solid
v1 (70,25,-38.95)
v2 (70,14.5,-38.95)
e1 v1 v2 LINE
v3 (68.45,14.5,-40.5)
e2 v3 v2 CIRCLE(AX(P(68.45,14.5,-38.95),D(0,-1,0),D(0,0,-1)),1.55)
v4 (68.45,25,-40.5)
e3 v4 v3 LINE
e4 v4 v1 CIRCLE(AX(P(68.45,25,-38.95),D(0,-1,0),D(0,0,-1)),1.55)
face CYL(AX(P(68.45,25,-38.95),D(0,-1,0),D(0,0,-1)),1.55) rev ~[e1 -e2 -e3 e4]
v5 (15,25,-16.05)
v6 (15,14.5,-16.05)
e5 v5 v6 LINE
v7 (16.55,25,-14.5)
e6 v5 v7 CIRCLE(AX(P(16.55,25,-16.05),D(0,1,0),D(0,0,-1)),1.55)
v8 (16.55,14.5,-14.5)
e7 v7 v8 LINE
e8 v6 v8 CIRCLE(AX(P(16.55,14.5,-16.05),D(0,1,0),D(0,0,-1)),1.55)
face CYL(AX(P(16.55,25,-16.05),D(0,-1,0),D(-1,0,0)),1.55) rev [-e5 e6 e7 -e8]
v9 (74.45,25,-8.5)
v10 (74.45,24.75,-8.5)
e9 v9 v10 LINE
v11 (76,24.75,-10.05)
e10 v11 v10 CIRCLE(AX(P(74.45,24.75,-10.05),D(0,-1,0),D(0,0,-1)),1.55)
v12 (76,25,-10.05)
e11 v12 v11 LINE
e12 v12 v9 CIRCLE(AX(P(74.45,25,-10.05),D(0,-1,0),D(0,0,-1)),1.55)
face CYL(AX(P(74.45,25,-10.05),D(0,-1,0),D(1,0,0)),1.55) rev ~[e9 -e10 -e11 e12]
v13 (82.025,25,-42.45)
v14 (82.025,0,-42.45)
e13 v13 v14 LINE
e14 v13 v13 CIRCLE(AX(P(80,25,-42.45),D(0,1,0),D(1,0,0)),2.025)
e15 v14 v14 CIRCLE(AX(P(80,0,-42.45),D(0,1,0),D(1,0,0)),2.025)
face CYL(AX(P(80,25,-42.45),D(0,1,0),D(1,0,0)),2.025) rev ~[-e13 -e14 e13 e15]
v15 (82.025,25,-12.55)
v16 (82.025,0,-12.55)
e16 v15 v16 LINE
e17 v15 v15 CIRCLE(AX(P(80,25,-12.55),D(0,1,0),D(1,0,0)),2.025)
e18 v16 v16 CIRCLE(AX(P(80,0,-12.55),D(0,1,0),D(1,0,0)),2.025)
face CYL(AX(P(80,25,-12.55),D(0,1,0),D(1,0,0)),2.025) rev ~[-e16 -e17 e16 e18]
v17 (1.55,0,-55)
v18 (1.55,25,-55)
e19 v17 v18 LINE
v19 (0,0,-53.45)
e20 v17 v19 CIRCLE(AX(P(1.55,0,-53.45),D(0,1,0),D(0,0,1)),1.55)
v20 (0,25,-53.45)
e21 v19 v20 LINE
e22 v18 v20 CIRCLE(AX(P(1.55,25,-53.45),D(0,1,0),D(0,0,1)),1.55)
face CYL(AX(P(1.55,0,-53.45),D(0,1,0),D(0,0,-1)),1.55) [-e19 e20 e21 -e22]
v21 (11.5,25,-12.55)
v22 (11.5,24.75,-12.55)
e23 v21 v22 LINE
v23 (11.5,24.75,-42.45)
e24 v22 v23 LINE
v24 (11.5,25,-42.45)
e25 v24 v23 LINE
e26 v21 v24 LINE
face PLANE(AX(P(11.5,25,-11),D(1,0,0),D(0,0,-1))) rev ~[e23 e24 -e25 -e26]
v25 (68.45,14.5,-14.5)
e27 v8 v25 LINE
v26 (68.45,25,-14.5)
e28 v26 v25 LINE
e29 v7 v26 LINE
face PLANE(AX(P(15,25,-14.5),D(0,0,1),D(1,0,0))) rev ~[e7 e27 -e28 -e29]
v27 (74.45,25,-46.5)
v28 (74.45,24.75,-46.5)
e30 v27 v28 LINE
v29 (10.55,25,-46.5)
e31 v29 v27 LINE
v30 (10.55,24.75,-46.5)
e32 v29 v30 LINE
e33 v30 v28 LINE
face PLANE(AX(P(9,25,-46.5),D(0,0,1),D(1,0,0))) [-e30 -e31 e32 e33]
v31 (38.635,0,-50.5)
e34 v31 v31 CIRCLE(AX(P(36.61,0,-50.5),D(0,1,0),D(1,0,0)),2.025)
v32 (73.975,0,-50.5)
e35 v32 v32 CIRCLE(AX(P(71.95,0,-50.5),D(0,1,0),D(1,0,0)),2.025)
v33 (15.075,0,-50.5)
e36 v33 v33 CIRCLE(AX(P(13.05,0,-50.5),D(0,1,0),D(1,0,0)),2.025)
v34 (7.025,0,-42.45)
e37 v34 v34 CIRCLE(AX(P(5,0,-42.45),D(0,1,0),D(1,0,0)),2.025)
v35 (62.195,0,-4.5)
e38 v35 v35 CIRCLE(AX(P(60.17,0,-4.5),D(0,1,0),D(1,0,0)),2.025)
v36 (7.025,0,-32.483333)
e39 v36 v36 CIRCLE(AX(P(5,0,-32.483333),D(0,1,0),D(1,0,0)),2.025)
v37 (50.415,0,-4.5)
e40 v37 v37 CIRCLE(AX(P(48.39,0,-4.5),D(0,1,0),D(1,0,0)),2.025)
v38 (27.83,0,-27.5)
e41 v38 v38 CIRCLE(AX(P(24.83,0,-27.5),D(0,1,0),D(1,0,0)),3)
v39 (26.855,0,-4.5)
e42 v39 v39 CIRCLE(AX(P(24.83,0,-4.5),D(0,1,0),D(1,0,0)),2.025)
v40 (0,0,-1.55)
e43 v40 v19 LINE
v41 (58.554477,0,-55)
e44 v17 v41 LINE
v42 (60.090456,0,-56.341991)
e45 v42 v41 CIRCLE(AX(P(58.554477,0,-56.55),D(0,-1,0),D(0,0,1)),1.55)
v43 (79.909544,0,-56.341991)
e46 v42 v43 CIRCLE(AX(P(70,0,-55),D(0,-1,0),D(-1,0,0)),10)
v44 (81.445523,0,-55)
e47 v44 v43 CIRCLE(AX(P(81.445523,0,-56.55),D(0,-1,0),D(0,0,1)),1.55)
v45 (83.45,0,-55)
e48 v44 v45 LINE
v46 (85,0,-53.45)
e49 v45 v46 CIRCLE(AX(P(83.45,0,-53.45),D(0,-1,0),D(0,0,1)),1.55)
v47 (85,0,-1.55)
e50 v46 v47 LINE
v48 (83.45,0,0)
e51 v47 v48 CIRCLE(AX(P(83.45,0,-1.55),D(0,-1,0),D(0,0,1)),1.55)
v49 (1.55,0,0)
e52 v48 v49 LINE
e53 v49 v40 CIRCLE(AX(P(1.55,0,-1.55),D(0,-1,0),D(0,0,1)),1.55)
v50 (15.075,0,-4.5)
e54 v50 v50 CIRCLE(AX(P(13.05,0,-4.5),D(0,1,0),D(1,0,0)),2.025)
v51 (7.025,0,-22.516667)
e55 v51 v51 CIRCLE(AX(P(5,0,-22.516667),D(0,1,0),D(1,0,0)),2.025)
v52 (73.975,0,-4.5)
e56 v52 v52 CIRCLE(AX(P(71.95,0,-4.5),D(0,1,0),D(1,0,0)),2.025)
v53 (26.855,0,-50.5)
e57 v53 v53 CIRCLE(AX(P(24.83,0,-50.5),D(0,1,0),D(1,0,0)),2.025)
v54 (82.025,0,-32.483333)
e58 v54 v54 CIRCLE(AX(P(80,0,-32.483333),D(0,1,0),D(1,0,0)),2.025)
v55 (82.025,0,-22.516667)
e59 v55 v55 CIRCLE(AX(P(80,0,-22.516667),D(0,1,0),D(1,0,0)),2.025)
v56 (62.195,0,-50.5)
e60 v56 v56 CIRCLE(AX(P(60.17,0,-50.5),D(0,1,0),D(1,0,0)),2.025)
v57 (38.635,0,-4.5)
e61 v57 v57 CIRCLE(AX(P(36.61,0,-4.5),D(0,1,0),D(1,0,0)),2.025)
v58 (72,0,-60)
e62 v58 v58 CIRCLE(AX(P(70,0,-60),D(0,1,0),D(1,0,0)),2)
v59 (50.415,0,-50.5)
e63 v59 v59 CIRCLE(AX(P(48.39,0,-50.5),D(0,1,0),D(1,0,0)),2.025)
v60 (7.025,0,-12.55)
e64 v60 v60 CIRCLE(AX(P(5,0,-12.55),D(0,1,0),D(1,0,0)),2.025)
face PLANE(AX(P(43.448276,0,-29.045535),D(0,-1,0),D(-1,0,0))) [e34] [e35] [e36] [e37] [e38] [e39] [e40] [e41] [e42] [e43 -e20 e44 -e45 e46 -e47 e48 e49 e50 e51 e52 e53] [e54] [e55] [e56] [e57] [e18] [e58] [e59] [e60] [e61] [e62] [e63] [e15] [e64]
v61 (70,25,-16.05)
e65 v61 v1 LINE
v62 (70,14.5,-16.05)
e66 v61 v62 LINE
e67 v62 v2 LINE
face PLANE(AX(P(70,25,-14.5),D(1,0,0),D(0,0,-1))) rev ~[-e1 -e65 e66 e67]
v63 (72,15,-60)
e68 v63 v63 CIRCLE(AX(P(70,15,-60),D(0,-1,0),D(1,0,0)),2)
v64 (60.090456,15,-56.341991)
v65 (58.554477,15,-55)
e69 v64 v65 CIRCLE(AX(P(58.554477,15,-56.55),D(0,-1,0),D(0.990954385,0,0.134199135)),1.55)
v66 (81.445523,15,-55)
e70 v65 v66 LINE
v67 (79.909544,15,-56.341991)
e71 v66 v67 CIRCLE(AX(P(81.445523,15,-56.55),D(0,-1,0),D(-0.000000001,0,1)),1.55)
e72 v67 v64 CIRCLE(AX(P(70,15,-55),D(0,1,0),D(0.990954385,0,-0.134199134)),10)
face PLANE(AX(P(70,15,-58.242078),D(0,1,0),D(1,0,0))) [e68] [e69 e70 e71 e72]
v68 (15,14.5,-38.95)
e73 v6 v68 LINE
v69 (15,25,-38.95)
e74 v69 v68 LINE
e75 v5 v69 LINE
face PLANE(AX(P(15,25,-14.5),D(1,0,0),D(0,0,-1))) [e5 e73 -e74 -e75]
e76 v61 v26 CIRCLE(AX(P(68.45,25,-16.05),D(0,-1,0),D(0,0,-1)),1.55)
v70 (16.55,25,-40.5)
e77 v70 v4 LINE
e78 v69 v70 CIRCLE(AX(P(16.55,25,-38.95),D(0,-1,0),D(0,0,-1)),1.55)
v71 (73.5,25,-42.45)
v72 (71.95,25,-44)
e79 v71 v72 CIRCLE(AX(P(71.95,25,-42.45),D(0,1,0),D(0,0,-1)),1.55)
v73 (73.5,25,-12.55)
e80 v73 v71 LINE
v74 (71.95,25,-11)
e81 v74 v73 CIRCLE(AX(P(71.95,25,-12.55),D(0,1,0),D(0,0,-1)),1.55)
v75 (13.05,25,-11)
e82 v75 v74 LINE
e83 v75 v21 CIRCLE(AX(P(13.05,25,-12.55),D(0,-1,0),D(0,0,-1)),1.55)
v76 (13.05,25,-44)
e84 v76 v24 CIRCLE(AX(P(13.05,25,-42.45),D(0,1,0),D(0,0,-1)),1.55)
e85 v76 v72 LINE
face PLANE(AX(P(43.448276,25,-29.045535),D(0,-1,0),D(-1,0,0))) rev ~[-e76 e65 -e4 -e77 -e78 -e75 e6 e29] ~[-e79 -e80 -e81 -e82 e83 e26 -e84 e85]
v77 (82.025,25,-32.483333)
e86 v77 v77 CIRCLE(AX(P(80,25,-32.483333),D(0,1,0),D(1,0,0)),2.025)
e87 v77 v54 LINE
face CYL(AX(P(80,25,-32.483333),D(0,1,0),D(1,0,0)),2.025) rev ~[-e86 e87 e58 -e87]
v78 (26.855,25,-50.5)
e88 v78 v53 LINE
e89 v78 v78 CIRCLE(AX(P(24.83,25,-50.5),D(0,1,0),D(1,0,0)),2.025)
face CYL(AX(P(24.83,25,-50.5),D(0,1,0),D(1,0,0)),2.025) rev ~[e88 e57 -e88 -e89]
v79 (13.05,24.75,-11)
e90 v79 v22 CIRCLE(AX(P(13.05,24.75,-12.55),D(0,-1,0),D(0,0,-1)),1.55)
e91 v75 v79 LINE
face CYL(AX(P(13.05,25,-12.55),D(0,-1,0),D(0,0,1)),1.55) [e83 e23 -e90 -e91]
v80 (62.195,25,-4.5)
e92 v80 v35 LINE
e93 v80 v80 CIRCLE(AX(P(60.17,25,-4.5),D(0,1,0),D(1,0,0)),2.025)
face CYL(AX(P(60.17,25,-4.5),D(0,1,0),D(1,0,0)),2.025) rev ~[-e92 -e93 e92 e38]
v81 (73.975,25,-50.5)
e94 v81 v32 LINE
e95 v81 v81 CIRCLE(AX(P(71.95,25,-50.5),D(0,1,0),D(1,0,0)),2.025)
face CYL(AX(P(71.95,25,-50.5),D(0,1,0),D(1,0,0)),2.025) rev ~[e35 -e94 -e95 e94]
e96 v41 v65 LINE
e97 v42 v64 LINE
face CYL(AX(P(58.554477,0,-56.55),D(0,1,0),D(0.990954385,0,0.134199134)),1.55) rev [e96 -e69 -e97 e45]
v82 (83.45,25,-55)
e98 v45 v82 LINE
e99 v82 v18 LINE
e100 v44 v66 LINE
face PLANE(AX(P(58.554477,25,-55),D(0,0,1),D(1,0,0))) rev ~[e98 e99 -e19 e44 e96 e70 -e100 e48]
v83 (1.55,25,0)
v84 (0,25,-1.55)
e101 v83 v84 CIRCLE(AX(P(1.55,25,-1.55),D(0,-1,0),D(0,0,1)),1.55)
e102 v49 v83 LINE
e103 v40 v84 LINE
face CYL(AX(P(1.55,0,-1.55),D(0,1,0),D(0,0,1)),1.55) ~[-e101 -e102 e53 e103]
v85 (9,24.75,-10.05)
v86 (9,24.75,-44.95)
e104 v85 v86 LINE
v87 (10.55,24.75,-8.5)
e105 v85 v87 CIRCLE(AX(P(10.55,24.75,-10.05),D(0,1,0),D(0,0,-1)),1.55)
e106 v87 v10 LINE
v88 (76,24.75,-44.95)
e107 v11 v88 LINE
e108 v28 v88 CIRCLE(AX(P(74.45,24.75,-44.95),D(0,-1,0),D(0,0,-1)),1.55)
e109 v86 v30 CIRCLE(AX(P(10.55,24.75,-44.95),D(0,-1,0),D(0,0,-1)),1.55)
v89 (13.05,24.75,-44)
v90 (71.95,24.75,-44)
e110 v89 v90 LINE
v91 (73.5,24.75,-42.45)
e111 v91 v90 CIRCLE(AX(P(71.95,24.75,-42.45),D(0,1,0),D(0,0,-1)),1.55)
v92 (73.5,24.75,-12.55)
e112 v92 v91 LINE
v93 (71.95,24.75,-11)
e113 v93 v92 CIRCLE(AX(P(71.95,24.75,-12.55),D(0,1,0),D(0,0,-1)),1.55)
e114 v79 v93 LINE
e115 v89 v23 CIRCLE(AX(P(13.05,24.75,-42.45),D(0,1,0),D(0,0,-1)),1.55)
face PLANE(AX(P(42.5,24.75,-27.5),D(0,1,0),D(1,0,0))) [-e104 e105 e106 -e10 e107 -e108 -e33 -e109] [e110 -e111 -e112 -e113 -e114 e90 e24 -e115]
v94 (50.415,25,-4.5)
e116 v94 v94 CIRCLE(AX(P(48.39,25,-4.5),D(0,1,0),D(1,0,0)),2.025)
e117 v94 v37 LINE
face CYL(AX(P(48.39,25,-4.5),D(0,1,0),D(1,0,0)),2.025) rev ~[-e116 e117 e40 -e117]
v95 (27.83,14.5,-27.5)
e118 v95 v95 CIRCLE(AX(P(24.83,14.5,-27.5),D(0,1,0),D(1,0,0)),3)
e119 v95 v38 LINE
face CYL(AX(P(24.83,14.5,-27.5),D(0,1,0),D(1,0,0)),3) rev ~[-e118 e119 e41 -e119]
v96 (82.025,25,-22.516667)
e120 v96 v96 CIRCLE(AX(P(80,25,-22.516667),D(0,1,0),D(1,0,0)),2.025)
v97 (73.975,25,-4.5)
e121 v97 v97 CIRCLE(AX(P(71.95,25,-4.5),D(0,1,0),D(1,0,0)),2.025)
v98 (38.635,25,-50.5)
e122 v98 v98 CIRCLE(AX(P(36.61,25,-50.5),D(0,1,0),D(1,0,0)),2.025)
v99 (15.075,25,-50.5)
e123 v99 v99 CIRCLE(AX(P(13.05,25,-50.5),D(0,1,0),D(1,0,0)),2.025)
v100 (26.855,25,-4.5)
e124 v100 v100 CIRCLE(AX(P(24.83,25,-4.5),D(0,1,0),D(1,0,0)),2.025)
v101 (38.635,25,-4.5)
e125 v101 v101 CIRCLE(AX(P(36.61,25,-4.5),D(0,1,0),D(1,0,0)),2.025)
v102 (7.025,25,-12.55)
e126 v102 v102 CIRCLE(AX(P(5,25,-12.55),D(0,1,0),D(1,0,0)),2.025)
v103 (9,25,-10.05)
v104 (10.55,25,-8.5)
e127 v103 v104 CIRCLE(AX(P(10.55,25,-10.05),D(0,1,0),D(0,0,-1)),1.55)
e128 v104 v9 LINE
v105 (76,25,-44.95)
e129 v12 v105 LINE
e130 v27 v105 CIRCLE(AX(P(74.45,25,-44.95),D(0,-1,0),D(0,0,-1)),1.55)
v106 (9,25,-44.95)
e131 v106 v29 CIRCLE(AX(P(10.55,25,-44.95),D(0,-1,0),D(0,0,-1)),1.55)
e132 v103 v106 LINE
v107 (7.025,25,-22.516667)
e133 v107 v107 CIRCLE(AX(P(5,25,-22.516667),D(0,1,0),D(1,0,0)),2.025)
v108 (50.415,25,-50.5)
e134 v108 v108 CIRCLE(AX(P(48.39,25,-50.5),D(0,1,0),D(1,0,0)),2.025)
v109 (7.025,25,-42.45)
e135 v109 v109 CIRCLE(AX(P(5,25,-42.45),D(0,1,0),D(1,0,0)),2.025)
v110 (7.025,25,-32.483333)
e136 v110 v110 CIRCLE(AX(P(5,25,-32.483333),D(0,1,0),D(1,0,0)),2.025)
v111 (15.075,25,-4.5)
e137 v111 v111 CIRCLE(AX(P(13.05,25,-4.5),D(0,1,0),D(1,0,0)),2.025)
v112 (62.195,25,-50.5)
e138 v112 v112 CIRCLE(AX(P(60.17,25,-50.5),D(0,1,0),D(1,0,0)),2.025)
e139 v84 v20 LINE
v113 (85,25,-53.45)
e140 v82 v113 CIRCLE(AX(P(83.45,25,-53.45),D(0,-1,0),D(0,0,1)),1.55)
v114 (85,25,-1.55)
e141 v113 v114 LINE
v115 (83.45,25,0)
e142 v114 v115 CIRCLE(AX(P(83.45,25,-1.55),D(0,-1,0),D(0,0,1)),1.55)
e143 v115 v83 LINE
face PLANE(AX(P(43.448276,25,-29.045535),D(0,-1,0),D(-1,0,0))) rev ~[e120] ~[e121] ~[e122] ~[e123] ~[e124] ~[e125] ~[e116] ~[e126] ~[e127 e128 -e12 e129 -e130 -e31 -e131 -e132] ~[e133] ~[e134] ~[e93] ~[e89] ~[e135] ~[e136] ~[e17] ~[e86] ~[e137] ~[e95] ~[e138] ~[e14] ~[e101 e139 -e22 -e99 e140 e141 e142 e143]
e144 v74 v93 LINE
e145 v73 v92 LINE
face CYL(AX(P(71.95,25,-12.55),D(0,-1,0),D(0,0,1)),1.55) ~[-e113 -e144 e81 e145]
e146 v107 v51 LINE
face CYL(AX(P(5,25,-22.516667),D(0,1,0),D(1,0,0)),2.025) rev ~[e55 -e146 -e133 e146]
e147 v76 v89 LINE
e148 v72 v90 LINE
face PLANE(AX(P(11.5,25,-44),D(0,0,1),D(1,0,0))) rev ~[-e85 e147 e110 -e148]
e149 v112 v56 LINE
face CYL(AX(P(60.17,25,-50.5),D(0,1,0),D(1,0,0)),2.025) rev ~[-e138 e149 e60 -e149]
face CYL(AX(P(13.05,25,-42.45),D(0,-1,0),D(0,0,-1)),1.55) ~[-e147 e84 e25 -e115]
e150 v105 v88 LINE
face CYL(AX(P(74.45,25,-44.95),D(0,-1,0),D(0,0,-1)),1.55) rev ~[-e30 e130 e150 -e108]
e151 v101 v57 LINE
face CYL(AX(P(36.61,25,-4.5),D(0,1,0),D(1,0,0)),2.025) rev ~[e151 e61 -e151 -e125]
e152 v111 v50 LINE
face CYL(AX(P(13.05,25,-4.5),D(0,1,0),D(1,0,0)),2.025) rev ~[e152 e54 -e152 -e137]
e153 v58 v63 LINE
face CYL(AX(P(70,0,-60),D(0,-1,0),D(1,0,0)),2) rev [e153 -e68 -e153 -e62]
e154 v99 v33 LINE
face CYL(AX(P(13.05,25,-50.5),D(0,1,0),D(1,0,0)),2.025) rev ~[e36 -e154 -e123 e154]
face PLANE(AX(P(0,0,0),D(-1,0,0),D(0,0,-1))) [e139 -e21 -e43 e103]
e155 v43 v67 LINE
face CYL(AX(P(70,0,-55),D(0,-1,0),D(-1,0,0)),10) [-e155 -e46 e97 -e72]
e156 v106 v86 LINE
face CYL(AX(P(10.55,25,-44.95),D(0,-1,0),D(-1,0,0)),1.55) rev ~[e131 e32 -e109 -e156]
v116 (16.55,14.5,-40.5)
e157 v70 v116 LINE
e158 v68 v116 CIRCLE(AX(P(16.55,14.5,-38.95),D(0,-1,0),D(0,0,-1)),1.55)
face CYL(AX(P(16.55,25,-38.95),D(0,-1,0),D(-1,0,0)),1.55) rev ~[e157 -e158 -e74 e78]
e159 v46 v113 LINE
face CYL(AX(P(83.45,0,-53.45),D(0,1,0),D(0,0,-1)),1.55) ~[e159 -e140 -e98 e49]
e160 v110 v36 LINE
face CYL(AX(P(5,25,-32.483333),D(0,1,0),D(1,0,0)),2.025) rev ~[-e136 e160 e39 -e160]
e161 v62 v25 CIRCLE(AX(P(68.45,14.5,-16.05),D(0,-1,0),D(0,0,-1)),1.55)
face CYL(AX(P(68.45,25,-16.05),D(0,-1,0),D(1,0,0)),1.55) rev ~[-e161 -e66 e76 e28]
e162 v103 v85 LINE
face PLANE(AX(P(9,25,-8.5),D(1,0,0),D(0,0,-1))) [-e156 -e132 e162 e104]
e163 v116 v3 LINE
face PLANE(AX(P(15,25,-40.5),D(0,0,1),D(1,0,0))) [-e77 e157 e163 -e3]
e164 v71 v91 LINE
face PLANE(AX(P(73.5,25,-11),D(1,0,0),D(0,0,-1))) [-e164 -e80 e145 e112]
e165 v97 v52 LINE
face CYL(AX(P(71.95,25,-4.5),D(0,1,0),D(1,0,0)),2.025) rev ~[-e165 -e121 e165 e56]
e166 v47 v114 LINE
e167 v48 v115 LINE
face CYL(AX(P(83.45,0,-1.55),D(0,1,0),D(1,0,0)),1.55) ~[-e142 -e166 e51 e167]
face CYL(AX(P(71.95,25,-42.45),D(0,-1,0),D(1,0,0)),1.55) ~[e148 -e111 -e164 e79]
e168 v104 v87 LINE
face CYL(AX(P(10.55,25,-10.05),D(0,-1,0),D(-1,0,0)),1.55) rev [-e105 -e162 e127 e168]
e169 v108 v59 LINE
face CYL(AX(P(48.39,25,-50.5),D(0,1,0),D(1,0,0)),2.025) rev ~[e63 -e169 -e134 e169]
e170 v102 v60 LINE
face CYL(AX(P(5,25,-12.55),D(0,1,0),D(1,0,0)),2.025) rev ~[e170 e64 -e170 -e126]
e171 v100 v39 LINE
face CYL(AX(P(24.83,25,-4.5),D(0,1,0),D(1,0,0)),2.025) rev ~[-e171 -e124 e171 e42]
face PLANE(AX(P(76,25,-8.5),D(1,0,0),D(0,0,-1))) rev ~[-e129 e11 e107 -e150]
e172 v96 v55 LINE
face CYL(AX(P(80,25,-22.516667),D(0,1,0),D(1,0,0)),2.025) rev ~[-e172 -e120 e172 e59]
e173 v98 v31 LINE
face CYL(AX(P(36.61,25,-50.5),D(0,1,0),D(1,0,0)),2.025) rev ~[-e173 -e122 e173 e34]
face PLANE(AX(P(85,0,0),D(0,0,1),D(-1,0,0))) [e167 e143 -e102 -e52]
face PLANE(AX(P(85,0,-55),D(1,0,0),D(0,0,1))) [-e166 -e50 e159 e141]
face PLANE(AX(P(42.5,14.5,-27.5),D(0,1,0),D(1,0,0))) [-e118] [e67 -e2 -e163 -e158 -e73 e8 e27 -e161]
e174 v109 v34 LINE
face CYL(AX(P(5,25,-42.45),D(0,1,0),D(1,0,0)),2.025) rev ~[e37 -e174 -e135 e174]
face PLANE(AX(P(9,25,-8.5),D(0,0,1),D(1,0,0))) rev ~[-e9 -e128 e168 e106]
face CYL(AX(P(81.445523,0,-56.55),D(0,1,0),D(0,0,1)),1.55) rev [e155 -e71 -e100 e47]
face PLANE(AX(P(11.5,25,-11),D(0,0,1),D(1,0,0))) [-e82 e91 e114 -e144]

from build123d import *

# Parameters (mm, degrees)
SKETCH1_R           = 2
BOSS_EXTRUDE1_DEPTH = 25
SKETCH2_W           = 55
SKETCH2_H           = 26
CUT_EXTRUDE1_DEPTH  = 10.5
FILLET1_R           = 1.55
SKETCH3_W           = 67
SKETCH3_H           = 38
SKETCH3_W_2         = 62
SKETCH3_H_2         = 33
CUT_EXTRUDE2_DEPTH  = 0.25
FILLET2_R           = 1.55
SKETCH5_R           = 2.025
CUT_EXTRUDE4_DEPTH  = 26
SKETCH6_R           = 3
CUT_EXTRUDE5_DEPTH  = 15.5
CUT_EXTRUDE6_DEPTH  = 10


with BuildPart() as part:
    # Sketch1 → Boss-Extrude1 (new body)
    with BuildSketch(Plane(origin=(0, 0, 0), x_dir=(1, 0, 0), z_dir=(0, 1, 0))):
        with BuildLine():
            Line((80, 55), (85, 55))
            Line((85, 55), (85, 0))
            Line((85, 0), (0, 0))
            Line((0, 0), (0, 55))
            Line((0, 55), (60, 55))
            ThreePointArc((60, 55), (70, 65), (80, 55))
        make_face()
        with Locations((70, 60)):
            Circle(SKETCH1_R, mode=Mode.SUBTRACT)
    extrude(amount=BOSS_EXTRUDE1_DEPTH)

    # Sketch2 → Cut-Extrude1 (cut)
    with BuildSketch(Plane(origin=(0, 25, 0), x_dir=(1, 0, 0), z_dir=(0, 1, 0))):
        with Locations((42.5, 27.5)):
            Rectangle(SKETCH2_W, SKETCH2_H)
    extrude(amount=-CUT_EXTRUDE1_DEPTH, mode=Mode.SUBTRACT)

    # Fillet1
    fillet1_edges = [part.edges().sort_by_distance(p)[0] for p in [
        (0, 12.5, -55),
        (60, 12.5, -55),
        (80, 12.5, -55),
        (85, 12.5, -55),
        (85, 12.5, 0),
        (0, 12.5, 0),
        (15, 19.75, -14.5),
        (15, 19.75, -40.5),
        (70, 19.75, -40.5),
        (70, 19.75, -14.5),
    ]]
    fillet(fillet1_edges, radius=FILLET1_R)

    # Sketch3 → Cut-Extrude2 (cut)
    with BuildSketch(Plane(origin=(0, 25, 0), x_dir=(1, 0, 0), z_dir=(0, 1, 0))):
        with Locations((42.5, 27.5)):
            Rectangle(SKETCH3_W, SKETCH3_H)
        with Locations((42.5, 27.5)):
            Rectangle(SKETCH3_W_2, SKETCH3_H_2, mode=Mode.SUBTRACT)
    extrude(amount=-CUT_EXTRUDE2_DEPTH, mode=Mode.SUBTRACT)

    # Fillet2
    fillet2_edges = [part.edges().sort_by_distance(p)[0] for p in [
        (9, 24.875, -8.5),
        (9, 24.875, -46.5),
        (76, 24.875, -46.5),
        (76, 24.875, -8.5),
        (11.5, 24.875, -44),
        (73.5, 24.875, -44),
        (73.5, 24.875, -11),
        (11.5, 24.875, -11),
    ]]
    fillet(fillet2_edges, radius=FILLET2_R)

    # Sketch5 → Cut-Extrude4 (cut, through all)
    with BuildSketch(Plane(origin=(0, 25, 0), x_dir=(1, 0, 0), z_dir=(0, 1, 0))):
        with Locations((5, 42.45)):
            Circle(SKETCH5_R)
        with Locations((5, 12.55)):
            Circle(SKETCH5_R)
        with Locations((13.05, 4.5)):
            Circle(SKETCH5_R)
        with Locations((71.95, 4.5)):
            Circle(SKETCH5_R)
        with Locations((24.83, 4.5)):
            Circle(SKETCH5_R)
        with Locations((36.61, 4.5)):
            Circle(SKETCH5_R)
        with Locations((48.39, 4.5)):
            Circle(SKETCH5_R)
        with Locations((60.17, 4.5)):
            Circle(SKETCH5_R)
        with Locations((5, 32.483333333)):
            Circle(SKETCH5_R)
        with Locations((5, 22.516666667)):
            Circle(SKETCH5_R)
        with Locations((80, 42.45)):
            Circle(SKETCH5_R)
        with Locations((80, 12.55)):
            Circle(SKETCH5_R)
        with Locations((80, 22.516666667)):
            Circle(SKETCH5_R)
        with Locations((80, 32.483333333)):
            Circle(SKETCH5_R)
        with Locations((13.05, 50.5)):
            Circle(SKETCH5_R)
        with Locations((24.83, 50.5)):
            Circle(SKETCH5_R)
        with Locations((36.61, 50.5)):
            Circle(SKETCH5_R)
        with Locations((48.39, 50.5)):
            Circle(SKETCH5_R)
        with Locations((60.17, 50.5)):
            Circle(SKETCH5_R)
        with Locations((71.95, 50.5)):
            Circle(SKETCH5_R)
    extrude(amount=-CUT_EXTRUDE4_DEPTH, mode=Mode.SUBTRACT)

    # Sketch6 → Cut-Extrude5 (cut, through all)
    with BuildSketch(Plane(origin=(0, 14.5, 0), x_dir=(1, 0, 0), z_dir=(0, 1, 0))):
        with Locations((24.83, 27.5)):
            Circle(SKETCH6_R)
    extrude(amount=-CUT_EXTRUDE5_DEPTH, mode=Mode.SUBTRACT)

    # Sketch7 → Cut-Extrude6 (cut)
    with BuildSketch(Plane(origin=(0, 25, 0), x_dir=(1, 0, 0), z_dir=(0, 1, 0))):
        with BuildLine():
            Line((58.554476858, 55), (81.445523142, 55))
            ThreePointArc((81.445523142, 55), (80.425698015, 55.382756791), (79.909543846, 56.341991342))
            ThreePointArc((79.909543846, 56.341991342), (70, 65), (60.090456154, 56.341991342))
            ThreePointArc((60.090456154, 56.341991342), (59.574301985, 55.382756791), (58.554476858, 55))
        make_face()
    extrude(amount=-CUT_EXTRUDE6_DEPTH, mode=Mode.SUBTRACT)


solid = part.part
